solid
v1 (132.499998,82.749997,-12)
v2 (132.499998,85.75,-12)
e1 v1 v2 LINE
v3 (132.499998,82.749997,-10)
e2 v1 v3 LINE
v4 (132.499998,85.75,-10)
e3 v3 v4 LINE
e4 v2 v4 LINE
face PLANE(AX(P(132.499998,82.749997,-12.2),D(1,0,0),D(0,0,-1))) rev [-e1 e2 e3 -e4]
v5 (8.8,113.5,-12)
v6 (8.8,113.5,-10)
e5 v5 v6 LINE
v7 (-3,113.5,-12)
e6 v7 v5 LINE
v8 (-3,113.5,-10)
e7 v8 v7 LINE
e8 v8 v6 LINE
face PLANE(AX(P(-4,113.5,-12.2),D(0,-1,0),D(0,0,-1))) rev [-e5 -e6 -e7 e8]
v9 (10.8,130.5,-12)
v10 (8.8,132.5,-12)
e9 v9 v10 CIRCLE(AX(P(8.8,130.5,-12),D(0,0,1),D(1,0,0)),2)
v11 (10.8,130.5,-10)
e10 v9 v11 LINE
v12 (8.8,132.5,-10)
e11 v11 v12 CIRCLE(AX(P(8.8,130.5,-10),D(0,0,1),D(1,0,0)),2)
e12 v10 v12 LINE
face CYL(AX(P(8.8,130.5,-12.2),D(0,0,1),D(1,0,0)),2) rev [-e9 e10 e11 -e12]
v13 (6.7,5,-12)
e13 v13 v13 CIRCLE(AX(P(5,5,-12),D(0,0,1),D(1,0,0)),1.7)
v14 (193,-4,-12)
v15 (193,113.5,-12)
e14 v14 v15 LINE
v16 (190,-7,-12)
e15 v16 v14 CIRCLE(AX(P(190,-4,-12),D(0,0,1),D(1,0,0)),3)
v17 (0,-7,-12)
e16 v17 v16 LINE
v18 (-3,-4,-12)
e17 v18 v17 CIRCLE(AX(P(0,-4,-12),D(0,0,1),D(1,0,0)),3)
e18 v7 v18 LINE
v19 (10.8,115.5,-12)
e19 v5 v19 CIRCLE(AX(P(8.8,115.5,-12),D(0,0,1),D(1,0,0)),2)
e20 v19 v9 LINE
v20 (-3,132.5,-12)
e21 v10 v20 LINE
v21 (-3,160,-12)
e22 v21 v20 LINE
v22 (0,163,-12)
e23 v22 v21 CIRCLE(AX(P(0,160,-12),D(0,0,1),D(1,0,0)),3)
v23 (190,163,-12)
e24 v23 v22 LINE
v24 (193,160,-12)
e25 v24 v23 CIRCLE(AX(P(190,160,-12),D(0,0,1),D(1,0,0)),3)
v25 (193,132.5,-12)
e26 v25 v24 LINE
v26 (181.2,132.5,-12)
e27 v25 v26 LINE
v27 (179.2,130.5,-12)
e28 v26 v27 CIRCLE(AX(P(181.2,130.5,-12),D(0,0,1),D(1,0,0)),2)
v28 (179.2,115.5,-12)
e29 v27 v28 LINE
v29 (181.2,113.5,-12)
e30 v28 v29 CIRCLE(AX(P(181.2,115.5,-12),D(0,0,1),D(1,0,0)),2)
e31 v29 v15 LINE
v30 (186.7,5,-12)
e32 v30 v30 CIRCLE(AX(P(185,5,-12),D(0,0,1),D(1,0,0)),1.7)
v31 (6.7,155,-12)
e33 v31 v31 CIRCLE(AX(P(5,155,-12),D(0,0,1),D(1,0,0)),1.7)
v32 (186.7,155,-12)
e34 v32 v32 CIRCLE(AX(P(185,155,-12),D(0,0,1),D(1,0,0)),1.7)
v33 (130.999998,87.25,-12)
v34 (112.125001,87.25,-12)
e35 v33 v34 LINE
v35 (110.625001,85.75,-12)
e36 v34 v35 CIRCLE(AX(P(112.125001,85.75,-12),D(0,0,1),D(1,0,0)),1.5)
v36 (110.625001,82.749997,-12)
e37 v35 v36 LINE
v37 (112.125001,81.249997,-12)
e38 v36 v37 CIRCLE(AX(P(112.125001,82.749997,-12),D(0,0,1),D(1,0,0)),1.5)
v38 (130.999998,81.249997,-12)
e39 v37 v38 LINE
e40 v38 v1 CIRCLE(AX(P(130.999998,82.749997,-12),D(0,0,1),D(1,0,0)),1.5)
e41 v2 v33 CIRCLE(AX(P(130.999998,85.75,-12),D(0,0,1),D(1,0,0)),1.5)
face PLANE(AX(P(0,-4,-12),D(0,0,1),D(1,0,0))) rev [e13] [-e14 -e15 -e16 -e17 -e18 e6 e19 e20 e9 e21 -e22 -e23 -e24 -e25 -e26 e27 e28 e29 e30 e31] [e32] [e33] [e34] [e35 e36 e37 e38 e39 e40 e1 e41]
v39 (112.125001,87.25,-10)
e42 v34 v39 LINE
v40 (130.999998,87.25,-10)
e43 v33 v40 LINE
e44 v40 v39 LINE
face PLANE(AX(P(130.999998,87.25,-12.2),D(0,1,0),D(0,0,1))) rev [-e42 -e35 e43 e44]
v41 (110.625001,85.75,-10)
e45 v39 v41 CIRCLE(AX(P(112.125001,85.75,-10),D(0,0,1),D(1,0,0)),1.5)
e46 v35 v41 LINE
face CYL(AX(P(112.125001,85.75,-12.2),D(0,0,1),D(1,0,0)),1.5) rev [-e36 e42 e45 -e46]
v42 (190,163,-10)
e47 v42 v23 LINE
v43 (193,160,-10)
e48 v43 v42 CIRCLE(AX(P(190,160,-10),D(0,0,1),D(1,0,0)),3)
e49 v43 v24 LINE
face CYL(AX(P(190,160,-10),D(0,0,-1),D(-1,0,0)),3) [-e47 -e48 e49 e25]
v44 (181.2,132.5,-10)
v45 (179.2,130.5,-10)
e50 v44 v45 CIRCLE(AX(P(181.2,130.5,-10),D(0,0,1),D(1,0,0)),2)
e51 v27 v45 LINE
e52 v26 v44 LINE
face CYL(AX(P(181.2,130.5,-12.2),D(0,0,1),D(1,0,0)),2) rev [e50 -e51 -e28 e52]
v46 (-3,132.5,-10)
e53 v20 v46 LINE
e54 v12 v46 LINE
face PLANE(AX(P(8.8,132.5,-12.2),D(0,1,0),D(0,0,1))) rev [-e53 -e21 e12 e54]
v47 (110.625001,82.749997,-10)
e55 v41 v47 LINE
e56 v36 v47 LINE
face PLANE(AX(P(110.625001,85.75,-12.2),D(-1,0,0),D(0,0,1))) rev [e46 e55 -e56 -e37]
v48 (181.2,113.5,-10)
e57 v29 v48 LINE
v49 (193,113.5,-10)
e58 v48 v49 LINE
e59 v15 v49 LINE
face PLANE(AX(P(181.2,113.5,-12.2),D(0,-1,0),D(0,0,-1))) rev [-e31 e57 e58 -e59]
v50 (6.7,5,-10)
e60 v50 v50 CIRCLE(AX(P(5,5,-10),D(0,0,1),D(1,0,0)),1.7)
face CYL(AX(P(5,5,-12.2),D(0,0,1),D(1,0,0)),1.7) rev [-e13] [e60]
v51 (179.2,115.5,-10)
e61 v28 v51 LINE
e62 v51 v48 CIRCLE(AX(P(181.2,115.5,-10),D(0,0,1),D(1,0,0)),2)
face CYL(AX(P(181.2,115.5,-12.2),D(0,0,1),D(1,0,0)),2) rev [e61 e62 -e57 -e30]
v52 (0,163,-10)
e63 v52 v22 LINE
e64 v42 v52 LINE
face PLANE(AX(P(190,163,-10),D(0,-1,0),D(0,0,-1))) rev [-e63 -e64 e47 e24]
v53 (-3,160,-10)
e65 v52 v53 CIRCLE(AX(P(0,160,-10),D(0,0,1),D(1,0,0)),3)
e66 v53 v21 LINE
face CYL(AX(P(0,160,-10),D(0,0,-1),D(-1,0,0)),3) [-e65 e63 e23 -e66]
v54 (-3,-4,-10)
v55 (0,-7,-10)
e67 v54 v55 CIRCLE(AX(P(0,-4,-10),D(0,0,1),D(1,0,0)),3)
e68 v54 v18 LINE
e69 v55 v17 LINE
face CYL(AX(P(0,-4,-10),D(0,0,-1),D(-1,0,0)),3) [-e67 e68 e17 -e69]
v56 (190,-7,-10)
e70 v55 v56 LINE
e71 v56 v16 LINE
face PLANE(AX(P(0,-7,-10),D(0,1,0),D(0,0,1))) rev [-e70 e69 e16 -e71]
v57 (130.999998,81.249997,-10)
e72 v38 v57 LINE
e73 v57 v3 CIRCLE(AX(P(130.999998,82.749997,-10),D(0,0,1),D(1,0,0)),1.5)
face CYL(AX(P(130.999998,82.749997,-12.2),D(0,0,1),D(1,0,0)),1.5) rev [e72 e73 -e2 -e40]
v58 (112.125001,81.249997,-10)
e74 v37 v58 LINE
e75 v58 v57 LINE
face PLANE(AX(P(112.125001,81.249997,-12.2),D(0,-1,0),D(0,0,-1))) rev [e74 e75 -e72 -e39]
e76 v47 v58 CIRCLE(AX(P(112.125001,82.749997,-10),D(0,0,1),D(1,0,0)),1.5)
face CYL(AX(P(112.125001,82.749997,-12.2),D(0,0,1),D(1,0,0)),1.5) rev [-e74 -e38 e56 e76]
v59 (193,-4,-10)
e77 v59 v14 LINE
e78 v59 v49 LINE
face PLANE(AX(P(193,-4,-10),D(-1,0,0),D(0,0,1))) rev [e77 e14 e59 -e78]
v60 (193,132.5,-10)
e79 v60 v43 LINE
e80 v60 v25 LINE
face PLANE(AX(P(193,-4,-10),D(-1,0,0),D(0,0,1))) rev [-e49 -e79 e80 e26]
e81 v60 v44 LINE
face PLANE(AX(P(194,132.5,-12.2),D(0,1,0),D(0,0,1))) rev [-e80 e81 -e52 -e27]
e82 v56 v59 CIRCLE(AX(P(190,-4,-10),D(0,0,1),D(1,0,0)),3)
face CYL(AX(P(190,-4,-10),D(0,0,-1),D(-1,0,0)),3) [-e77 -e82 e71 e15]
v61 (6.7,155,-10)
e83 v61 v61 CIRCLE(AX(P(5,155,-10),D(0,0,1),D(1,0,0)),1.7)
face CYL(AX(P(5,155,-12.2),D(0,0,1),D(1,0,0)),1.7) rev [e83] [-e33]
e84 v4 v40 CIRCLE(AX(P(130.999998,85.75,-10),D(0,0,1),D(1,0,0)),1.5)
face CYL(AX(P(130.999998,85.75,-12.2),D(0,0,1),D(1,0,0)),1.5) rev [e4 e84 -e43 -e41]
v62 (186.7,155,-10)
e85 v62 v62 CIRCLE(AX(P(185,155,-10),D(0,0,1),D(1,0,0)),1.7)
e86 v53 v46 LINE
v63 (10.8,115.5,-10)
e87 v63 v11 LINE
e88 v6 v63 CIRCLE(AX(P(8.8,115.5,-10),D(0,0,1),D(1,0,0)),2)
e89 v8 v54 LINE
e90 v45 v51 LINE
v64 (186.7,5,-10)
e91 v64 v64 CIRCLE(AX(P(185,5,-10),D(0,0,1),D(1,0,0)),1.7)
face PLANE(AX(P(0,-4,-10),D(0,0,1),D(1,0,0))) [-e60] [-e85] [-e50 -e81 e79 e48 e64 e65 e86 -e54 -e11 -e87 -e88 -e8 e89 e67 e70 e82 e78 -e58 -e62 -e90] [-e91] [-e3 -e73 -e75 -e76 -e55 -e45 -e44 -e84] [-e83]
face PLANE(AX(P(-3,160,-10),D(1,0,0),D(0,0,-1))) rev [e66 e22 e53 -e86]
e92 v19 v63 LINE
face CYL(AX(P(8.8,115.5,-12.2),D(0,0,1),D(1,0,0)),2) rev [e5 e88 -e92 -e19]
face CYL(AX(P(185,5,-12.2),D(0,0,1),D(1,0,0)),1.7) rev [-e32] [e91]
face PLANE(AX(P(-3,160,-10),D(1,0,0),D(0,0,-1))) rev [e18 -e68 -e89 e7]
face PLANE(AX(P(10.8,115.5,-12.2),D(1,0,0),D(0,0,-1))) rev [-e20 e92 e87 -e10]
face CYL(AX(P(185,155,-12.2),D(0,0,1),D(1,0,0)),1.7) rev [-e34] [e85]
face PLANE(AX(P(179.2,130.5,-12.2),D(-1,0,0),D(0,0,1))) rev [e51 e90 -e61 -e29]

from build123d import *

# Parameters (mm, degrees)
ACRYLIC_2MM_START        = -12
ACRYLIC_2MM_DEPTH        = 2
HINGE_CLEARANCE_0_START  = -9.8
HINGE_CLEARANCE_0_DEPTH  = 2.4
HINGE_CLEARANCE_1_START  = -9.8
HINGE_CLEARANCE_1_DEPTH  = 2.4
M3_CLEARANCE_0_START     = -9.8
M3_CLEARANCE_0_PROFILE_R = 1.7
M3_CLEARANCE_0_DEPTH     = 2.4
M3_CLEARANCE_1_START     = -9.8
M3_CLEARANCE_1_PROFILE_R = 1.7
M3_CLEARANCE_1_DEPTH     = 2.4
M3_CLEARANCE_2_START     = -9.8
M3_CLEARANCE_2_PROFILE_R = 1.7
M3_CLEARANCE_2_DEPTH     = 2.4
M3_CLEARANCE_3_START     = -9.8
M3_CLEARANCE_3_PROFILE_R = 1.7
M3_CLEARANCE_3_DEPTH     = 2.4
KEYS_ACCESS_R1_5_START   = -9.8
KEYS_ACCESS_R1_5_DEPTH   = 2.4


with BuildPart() as part:
    # Acrylic_2mm_profile → Acrylic_2mm (new body)
    with BuildSketch(Plane.XY.offset(ACRYLIC_2MM_START)):
        with BuildLine():
            Line((0, -7), (190, -7))
            ThreePointArc((190, -7), (192.121320344, -6.121320344), (193, -4))
            Line((193, -4), (193, 160))
            ThreePointArc((193, 160), (192.121320344, 162.121320344), (190, 163))
            Line((190, 163), (0, 163))
            ThreePointArc((0, 163), (-2.121320344, 162.121320344), (-3, 160))
            Line((-3, 160), (-3, -4))
            ThreePointArc((-3, -4), (-2.121320344, -6.121320344), (0, -7))
        make_face()
    extrude(amount=ACRYLIC_2MM_DEPTH)

    # Hinge_clearance_0_profile → Hinge_clearance_0 (cut)
    with BuildSketch(Plane.XY.offset(HINGE_CLEARANCE_0_START)):
        with BuildLine():
            Line((-4, 113.5), (8.8, 113.5))
            ThreePointArc((8.8, 113.5), (10.214213562, 114.085786438), (10.8, 115.5))
            Line((10.8, 115.5), (10.8, 130.5))
            ThreePointArc((10.8, 130.5), (10.214213562, 131.914213562), (8.8, 132.5))
            Line((8.8, 132.5), (-4, 132.5))
            ThreePointArc((-4, 132.5), (-5.414213562, 131.914213562), (-6, 130.5))
            Line((-6, 130.5), (-6, 115.5))
            ThreePointArc((-6, 115.5), (-5.414213562, 114.085786438), (-4, 113.5))
        make_face()
    extrude(amount=-HINGE_CLEARANCE_0_DEPTH, mode=Mode.SUBTRACT)

    # Hinge_clearance_1_profile → Hinge_clearance_1 (cut)
    with BuildSketch(Plane.XY.offset(HINGE_CLEARANCE_1_START)):
        with BuildLine():
            Line((181.2, 113.5), (194, 113.5))
            ThreePointArc((194, 113.5), (195.414213562, 114.085786438), (196, 115.5))
            Line((196, 115.5), (196, 130.5))
            ThreePointArc((196, 130.5), (195.414213562, 131.914213562), (194, 132.5))
            Line((194, 132.5), (181.2, 132.5))
            ThreePointArc((181.2, 132.5), (179.785786438, 131.914213562), (179.2, 130.5))
            Line((179.2, 130.5), (179.2, 115.5))
            ThreePointArc((179.2, 115.5), (179.785786438, 114.085786438), (181.2, 113.5))
        make_face()
    extrude(amount=-HINGE_CLEARANCE_1_DEPTH, mode=Mode.SUBTRACT)

    # M3_clearance_0_profile → M3_clearance_0 (cut)
    with BuildSketch(Plane.XY.offset(M3_CLEARANCE_0_START)):
        with Locations((5, 5)):
            Circle(M3_CLEARANCE_0_PROFILE_R)
    extrude(amount=-M3_CLEARANCE_0_DEPTH, mode=Mode.SUBTRACT)

    # M3_clearance_1_profile → M3_clearance_1 (cut)
    with BuildSketch(Plane.XY.offset(M3_CLEARANCE_1_START)):
        with Locations((185, 5)):
            Circle(M3_CLEARANCE_1_PROFILE_R)
    extrude(amount=-M3_CLEARANCE_1_DEPTH, mode=Mode.SUBTRACT)

    # M3_clearance_2_profile → M3_clearance_2 (cut)
    with BuildSketch(Plane.XY.offset(M3_CLEARANCE_2_START)):
        with Locations((5, 155)):
            Circle(M3_CLEARANCE_2_PROFILE_R)
    extrude(amount=-M3_CLEARANCE_2_DEPTH, mode=Mode.SUBTRACT)

    # M3_clearance_3_profile → M3_clearance_3 (cut)
    with BuildSketch(Plane.XY.offset(M3_CLEARANCE_3_START)):
        with Locations((185, 155)):
            Circle(M3_CLEARANCE_3_PROFILE_R)
    extrude(amount=-M3_CLEARANCE_3_DEPTH, mode=Mode.SUBTRACT)

    # Keys_access_R1_5_profile → Keys_access_R1_5 (cut)
    with BuildSketch(Plane.XY.offset(KEYS_ACCESS_R1_5_START)):
        with BuildLine():
            Line((112.12500058, 81.24999704), (130.9999982, 81.24999704))
            ThreePointArc((130.9999982, 81.24999704), (132.060658372, 81.689336868), (132.4999982, 82.74999704))
            Line((132.4999982, 82.74999704), (132.4999982, 85.74999974))
            ThreePointArc((132.4999982, 85.74999974), (132.060658372, 86.810659912), (130.9999982, 87.24999974))
            Line((130.9999982, 87.24999974), (112.12500058, 87.24999974))
            ThreePointArc((112.12500058, 87.24999974), (111.064340408, 86.810659912), (110.62500058, 85.74999974))
            Line((110.62500058, 85.74999974), (110.62500058, 82.74999704))
            ThreePointArc((110.62500058, 82.74999704), (111.064340408, 81.689336868), (112.12500058, 81.24999704))
        make_face()
    extrude(amount=-KEYS_ACCESS_R1_5_DEPTH, mode=Mode.SUBTRACT)


solid = part.part
